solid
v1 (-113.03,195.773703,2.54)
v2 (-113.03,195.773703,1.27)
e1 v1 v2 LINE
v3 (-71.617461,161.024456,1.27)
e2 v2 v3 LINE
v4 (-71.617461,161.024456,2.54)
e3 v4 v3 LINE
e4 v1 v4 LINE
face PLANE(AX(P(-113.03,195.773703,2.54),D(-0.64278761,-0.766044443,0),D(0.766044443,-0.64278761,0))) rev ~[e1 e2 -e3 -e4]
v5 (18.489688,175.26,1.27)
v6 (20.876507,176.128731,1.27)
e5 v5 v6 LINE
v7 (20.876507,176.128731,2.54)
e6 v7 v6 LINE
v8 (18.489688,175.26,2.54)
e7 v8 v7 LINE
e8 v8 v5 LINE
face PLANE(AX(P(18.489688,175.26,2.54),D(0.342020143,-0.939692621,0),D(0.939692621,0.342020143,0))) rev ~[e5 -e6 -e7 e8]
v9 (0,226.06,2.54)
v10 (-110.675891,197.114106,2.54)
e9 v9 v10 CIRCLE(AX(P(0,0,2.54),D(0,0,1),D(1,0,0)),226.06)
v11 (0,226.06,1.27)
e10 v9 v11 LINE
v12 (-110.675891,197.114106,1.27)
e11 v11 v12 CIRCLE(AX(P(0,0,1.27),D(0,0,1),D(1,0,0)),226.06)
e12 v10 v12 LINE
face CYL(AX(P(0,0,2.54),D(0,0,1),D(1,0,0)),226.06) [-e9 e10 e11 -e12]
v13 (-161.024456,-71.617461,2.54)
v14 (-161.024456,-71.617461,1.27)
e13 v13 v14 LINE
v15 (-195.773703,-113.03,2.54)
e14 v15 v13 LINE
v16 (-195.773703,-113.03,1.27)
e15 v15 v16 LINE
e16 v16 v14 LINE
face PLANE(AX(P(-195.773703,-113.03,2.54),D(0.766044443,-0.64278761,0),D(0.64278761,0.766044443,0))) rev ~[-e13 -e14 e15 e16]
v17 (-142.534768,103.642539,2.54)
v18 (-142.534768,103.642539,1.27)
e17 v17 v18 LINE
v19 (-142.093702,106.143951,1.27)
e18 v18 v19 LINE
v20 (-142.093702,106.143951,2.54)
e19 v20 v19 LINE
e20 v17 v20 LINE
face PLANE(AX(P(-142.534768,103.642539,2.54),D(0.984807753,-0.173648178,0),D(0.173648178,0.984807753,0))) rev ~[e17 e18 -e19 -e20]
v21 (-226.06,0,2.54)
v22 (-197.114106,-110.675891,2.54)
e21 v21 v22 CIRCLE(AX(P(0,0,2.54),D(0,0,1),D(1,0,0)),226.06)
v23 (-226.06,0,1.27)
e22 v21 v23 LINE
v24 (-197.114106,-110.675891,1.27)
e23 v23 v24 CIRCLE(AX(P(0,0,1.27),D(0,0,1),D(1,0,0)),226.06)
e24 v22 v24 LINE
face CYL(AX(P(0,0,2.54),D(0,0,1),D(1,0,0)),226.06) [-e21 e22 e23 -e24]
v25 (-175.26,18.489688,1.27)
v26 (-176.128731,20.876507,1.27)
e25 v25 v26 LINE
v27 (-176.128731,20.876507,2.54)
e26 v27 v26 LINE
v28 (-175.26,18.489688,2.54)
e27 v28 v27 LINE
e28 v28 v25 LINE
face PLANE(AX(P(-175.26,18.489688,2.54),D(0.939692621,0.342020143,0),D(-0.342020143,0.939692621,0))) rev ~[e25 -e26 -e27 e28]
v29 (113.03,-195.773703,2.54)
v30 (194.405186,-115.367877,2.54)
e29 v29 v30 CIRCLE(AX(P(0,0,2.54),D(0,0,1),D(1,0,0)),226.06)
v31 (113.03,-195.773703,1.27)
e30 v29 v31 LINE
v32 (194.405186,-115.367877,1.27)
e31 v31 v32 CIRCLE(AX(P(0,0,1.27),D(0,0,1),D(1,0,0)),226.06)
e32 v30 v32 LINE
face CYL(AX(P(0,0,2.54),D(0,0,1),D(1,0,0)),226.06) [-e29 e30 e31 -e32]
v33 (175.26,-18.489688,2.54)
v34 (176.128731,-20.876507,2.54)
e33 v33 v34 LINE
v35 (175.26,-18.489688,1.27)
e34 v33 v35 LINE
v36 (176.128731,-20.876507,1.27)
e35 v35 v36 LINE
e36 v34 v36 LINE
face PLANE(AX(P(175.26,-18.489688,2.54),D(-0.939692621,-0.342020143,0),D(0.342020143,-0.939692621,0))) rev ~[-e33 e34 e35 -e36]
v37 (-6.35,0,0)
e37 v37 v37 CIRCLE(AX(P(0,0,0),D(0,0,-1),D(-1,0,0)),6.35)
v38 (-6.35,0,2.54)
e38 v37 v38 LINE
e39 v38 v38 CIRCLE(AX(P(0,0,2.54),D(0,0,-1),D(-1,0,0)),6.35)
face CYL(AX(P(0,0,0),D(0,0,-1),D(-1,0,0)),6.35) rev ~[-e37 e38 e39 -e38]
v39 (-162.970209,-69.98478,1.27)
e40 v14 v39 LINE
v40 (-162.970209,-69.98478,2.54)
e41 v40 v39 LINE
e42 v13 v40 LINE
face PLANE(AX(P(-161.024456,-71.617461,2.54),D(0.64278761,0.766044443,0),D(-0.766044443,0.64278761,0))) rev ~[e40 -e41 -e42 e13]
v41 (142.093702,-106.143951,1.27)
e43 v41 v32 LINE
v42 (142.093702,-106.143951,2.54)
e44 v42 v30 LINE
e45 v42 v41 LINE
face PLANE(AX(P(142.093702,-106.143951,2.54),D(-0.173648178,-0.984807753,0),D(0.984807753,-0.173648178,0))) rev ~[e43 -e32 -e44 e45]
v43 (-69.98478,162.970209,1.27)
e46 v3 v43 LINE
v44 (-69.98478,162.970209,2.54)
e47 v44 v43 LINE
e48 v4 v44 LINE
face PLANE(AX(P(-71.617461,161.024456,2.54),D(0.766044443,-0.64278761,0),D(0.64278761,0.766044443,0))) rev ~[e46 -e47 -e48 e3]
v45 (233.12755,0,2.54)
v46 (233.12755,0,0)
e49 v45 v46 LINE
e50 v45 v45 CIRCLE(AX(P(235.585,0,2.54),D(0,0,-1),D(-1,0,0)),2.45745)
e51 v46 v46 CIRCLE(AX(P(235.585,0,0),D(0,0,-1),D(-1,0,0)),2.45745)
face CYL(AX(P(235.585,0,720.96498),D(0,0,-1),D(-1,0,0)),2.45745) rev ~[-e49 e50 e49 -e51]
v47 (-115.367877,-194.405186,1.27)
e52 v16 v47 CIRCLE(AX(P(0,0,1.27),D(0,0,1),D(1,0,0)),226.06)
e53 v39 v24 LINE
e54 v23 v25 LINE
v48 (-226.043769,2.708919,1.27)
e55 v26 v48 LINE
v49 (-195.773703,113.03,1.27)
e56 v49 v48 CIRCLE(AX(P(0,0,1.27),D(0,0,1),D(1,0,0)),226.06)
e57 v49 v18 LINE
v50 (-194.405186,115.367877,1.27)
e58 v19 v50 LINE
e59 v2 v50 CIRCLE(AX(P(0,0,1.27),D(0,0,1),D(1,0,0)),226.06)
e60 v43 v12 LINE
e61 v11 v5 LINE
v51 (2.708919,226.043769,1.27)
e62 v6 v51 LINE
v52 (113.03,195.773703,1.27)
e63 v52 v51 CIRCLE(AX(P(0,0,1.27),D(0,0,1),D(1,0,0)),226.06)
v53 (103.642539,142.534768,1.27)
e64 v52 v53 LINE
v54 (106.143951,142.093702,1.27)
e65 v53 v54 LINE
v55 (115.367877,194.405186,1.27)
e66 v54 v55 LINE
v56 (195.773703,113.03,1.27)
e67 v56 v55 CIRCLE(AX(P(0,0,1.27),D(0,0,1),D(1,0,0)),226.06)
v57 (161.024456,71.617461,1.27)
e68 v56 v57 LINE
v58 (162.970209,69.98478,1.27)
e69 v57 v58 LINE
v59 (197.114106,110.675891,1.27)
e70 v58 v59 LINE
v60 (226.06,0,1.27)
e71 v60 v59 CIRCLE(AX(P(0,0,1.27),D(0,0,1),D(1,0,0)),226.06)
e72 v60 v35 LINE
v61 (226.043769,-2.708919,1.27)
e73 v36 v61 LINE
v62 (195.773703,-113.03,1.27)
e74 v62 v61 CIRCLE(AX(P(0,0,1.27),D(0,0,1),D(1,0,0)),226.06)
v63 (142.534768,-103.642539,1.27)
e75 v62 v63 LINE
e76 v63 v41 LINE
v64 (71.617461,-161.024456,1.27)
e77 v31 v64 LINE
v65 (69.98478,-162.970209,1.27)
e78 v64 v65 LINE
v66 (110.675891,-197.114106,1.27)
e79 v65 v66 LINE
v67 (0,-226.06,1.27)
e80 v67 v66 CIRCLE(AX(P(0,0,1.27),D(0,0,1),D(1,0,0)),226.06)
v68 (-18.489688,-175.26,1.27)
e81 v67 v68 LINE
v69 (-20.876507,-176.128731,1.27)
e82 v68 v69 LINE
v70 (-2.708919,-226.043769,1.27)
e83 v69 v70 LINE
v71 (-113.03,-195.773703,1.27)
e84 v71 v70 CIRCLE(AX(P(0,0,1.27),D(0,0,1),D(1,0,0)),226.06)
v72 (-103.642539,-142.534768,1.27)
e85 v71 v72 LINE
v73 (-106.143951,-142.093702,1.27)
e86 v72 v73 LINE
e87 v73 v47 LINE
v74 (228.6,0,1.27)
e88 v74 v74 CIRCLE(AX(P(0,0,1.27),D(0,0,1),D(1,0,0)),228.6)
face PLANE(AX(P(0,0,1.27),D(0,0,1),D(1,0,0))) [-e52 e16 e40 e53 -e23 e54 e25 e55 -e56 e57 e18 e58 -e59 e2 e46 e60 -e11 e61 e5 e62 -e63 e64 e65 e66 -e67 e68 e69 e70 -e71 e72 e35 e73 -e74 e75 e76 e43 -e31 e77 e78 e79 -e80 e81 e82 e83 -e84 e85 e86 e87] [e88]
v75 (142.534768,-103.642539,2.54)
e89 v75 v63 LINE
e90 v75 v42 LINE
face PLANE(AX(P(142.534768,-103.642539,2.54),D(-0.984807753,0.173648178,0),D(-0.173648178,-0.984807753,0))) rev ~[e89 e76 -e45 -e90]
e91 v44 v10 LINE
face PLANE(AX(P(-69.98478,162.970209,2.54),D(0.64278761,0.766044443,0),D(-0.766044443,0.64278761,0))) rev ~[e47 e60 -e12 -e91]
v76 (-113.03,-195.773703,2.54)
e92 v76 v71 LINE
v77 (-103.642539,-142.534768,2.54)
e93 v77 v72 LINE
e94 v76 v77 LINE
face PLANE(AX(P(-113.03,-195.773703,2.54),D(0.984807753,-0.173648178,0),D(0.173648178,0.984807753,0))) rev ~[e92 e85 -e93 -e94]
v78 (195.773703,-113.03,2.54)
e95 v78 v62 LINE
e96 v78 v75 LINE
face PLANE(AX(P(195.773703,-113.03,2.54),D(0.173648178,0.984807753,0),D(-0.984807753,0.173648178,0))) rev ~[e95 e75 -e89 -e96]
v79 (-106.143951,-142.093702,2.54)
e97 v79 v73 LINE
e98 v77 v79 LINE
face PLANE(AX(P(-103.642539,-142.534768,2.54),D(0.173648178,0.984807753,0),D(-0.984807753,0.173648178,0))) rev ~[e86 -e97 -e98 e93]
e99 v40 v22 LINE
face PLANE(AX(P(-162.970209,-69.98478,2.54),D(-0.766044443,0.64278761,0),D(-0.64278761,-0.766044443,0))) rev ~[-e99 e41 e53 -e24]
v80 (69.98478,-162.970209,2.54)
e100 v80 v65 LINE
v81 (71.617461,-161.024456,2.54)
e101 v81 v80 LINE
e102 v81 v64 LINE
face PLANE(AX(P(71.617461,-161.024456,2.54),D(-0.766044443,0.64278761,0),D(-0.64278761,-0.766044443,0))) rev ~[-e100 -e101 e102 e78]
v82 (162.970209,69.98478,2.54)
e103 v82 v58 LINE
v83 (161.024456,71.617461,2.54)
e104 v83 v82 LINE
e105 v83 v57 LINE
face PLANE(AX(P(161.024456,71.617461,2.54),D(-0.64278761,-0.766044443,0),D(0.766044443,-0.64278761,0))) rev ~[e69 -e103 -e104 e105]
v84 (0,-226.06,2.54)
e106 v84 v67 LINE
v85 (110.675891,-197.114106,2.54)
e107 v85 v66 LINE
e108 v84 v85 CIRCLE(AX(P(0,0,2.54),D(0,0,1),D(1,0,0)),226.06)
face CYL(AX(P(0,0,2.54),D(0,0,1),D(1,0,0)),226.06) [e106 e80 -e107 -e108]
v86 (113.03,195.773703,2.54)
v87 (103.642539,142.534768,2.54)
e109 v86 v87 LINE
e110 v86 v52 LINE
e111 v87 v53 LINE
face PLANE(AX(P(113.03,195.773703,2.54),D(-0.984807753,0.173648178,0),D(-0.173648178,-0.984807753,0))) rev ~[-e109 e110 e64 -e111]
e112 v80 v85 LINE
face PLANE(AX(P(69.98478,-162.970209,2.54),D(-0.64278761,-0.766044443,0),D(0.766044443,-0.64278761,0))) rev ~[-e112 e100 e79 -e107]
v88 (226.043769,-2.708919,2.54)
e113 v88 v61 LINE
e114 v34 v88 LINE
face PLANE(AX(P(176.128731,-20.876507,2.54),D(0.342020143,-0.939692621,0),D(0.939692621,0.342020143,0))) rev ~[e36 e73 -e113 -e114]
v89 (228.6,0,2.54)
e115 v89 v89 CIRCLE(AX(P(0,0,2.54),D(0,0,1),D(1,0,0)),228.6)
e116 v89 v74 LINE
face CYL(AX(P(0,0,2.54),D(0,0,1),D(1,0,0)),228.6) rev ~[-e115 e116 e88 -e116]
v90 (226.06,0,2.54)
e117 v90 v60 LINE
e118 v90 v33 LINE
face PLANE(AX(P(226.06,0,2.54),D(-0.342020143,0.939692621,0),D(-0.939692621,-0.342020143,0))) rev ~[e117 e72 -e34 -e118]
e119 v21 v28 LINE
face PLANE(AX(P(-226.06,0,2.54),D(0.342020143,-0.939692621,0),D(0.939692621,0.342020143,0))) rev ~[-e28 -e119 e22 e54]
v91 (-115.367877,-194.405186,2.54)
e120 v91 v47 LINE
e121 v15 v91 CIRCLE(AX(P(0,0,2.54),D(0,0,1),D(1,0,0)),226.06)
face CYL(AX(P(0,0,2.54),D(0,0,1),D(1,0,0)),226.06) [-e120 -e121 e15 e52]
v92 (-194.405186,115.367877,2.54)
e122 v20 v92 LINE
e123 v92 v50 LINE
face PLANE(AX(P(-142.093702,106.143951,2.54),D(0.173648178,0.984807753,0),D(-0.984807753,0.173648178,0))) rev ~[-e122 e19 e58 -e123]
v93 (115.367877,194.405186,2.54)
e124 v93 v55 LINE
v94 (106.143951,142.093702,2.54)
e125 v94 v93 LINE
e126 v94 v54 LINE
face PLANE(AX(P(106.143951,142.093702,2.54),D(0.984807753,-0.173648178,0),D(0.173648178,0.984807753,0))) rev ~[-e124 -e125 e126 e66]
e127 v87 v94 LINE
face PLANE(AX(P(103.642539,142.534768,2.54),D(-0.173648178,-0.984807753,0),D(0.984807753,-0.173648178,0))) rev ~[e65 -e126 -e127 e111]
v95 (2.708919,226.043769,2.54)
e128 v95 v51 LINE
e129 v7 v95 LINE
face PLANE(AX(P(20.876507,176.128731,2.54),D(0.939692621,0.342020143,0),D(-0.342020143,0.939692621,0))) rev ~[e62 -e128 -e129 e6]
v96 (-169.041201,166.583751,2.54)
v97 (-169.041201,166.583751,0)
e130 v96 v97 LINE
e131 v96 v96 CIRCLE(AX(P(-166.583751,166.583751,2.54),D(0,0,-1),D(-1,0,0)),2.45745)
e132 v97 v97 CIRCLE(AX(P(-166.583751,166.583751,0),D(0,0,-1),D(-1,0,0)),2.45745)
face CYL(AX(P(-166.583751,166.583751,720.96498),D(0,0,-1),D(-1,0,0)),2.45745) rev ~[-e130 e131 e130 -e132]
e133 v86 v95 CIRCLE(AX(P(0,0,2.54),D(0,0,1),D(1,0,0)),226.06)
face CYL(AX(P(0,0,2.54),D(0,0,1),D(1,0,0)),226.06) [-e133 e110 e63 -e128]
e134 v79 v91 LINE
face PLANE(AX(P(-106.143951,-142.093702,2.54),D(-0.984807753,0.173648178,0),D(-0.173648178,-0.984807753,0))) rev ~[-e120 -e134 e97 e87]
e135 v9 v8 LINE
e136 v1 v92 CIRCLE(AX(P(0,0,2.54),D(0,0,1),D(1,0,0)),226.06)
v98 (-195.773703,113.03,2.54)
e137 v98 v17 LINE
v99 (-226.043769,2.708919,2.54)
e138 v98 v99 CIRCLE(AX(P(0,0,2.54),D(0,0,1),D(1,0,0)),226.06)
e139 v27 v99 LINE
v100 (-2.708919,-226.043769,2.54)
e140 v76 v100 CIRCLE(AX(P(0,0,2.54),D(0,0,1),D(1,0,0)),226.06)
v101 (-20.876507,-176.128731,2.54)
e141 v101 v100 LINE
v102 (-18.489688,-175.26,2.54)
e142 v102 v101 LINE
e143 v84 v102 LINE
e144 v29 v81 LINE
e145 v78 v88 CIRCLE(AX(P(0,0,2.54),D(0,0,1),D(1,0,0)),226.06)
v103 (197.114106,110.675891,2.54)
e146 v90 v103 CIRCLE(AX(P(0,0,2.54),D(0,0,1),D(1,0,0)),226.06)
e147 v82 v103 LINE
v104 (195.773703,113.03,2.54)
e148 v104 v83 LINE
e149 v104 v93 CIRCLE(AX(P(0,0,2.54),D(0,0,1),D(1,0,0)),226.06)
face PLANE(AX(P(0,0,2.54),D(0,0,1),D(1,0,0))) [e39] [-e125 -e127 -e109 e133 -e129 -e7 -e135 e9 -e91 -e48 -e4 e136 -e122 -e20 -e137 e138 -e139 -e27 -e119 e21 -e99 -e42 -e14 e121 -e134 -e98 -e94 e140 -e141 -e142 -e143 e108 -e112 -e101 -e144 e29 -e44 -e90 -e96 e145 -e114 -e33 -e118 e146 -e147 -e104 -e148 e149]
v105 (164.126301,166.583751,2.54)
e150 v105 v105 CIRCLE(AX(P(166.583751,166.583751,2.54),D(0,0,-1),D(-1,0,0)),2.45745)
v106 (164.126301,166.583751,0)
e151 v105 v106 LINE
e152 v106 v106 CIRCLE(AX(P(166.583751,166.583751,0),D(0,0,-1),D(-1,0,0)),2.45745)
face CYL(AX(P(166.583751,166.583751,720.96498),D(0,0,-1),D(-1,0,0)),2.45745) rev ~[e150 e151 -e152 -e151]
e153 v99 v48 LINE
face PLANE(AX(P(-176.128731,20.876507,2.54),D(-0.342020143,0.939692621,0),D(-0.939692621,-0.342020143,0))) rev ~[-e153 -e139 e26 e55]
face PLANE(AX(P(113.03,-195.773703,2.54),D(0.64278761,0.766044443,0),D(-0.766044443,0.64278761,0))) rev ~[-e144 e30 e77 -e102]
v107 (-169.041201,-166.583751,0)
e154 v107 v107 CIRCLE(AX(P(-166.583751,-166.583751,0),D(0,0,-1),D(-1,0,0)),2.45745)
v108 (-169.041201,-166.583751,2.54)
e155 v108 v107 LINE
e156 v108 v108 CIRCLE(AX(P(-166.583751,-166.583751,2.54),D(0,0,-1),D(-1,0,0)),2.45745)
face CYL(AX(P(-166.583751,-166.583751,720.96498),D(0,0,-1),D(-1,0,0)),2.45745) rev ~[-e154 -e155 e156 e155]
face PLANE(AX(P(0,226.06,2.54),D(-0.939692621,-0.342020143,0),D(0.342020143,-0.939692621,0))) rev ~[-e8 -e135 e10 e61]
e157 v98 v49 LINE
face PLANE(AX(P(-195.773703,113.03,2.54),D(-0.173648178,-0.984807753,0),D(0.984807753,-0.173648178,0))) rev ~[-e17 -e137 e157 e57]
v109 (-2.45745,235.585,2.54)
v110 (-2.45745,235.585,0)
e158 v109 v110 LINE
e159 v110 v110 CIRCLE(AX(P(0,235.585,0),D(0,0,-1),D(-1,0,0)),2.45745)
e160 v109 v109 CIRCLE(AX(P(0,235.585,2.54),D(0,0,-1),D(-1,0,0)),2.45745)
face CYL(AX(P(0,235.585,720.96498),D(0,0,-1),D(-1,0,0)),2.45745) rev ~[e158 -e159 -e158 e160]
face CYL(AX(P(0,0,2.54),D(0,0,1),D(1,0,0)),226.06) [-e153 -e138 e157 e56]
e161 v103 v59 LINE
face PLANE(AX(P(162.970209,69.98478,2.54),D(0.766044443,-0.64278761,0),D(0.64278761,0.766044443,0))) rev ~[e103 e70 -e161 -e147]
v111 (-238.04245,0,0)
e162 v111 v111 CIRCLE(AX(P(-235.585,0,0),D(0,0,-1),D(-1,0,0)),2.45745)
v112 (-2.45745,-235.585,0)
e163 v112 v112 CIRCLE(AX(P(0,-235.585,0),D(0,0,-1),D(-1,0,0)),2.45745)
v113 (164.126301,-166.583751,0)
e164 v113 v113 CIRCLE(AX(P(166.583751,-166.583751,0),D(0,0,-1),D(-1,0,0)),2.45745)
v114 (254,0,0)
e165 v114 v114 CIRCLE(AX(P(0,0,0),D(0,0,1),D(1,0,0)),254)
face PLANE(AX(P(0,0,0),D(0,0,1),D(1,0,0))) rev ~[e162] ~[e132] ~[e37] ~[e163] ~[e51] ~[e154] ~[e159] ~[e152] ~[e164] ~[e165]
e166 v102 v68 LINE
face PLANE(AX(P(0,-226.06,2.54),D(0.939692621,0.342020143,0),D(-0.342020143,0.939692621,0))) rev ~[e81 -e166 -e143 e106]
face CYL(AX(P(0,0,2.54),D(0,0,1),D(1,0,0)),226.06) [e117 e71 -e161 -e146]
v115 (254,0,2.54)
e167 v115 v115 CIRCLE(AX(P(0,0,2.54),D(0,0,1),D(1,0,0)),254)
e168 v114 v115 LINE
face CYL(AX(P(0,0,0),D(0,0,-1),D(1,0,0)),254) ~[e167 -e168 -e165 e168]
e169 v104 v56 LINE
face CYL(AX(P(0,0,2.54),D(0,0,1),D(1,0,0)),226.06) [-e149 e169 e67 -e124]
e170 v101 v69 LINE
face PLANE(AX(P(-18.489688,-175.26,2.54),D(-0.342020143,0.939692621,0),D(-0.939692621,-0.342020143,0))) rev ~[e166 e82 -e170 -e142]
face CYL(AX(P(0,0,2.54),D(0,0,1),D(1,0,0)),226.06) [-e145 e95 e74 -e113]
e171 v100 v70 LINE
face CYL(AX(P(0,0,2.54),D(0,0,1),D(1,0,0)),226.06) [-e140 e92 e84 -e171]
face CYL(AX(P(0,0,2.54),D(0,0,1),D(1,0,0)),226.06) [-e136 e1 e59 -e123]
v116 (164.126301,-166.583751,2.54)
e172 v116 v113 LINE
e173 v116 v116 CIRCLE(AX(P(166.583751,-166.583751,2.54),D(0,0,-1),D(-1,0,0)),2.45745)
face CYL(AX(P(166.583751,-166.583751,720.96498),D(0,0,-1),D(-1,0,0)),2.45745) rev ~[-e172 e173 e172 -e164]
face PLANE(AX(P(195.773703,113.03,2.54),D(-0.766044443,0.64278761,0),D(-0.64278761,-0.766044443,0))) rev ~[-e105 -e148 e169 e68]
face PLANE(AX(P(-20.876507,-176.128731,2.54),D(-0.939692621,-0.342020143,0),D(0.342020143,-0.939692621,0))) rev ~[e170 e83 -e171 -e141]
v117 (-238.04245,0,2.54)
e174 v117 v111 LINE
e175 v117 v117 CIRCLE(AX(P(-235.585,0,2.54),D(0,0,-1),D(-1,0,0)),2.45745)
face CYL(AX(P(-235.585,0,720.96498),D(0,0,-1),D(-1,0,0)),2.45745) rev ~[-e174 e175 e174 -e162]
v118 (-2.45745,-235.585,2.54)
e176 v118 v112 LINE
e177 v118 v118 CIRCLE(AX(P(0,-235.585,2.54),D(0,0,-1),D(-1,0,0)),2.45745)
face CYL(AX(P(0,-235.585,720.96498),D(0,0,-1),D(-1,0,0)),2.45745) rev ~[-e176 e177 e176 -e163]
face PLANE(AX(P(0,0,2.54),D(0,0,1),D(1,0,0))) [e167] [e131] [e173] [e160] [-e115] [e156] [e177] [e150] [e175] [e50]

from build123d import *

# Parameters (mm, degrees)
SKETCH1_R                    = 254
BOSS_EXTRUDE1_DEPTH          = 2.54
SKETCH2_R                    = 228.6
SKETCH2_R_2                  = 226.06
CUT_EXTRUDE1_DEPTH           = 1.27
CUT_EXTRUDE2_DEPTH           = 1.27
SKETCH8_R                    = 6.35
CUT_EXTRUDE3_DEPTH           = 360.219224987
F_10_0_1935_DIAMETER_HOLE1_D = 4.9149


with BuildPart() as part:
    # Sketch1 → Boss-Extrude1 (new body)
    with BuildSketch(Plane.XY):
        Circle(SKETCH1_R)
    extrude(amount=BOSS_EXTRUDE1_DEPTH)

    # Sketch2 → Cut-Extrude1 (cut)
    with BuildSketch(Plane.XY.offset(2.54)):
        Circle(SKETCH2_R)
        Circle(SKETCH2_R_2, mode=Mode.SUBTRACT)
    extrude(amount=-CUT_EXTRUDE1_DEPTH, mode=Mode.SUBTRACT)

    # Sketch4 → Cut-Extrude2 (cut)
    with BuildSketch(Plane.XY.offset(2.54)):
        with BuildLine():
            Line((-226.06, 0), (-175.26, 18.489687901))
            Line((-175.26, 18.489687901), (-176.128731164, 20.876507158))
            Line((-176.128731164, 20.876507158), (-226.043768674, 2.708919262))
            ThreePointArc((-226.043768674, 2.708919262), (-226.055942132, 1.354483944), (-226.06, 0))
        make_face()
        with BuildLine():
            Line((-195.77370278, 113.03), (-142.534768317, 103.64253943))
            Line((-142.534768317, 103.64253943), (-142.093701946, 106.143951123))
            Line((-142.093701946, 106.143951123), (-194.405186408, 115.367877234))
            ThreePointArc((-194.405186408, 115.367877234), (-195.092946591, 114.200988571), (-195.77370278, 113.03))
        make_face()
        with BuildLine():
            Line((-113.03, 195.77370278), (-71.61746057, 161.024456218))
            Line((-71.61746057, 161.024456218), (-69.984780041, 162.970209103))
            Line((-69.984780041, 162.970209103), (-110.67589144, 197.11410567))
            ThreePointArc((-110.67589144, 197.11410567), (-111.854953561, 196.447430535), (-113.03, 195.77370278))
        make_face()
        with BuildLine():
            Line((0, 226.06), (18.489687901, 175.26))
            Line((18.489687901, 175.26), (20.876507158, 176.128731164))
            Line((20.876507158, 176.128731164), (2.708919262, 226.043768674))
            ThreePointArc((2.708919262, 226.043768674), (1.354483944, 226.055942132), (0, 226.06))
        make_face()
        with BuildLine():
            Line((113.03, 195.77370278), (103.64253943, 142.534768317))
            Line((103.64253943, 142.534768317), (106.143951123, 142.093701946))
            Line((106.143951123, 142.093701946), (115.367877234, 194.405186408))
            ThreePointArc((115.367877234, 194.405186408), (114.200988571, 195.092946591), (113.03, 195.77370278))
        make_face()
        with BuildLine():
            Line((195.77370278, 113.03), (161.024456218, 71.61746057))
            Line((161.024456218, 71.61746057), (162.970209103, 69.984780041))
            Line((162.970209103, 69.984780041), (197.11410567, 110.67589144))
            ThreePointArc((197.11410567, 110.67589144), (196.447430535, 111.854953561), (195.77370278, 113.03))
        make_face()
        with BuildLine():
            Line((226.06, 0), (175.26, -18.489687901))
            Line((175.26, -18.489687901), (176.128731164, -20.876507158))
            Line((176.128731164, -20.876507158), (226.043768674, -2.708919262))
            ThreePointArc((226.043768674, -2.708919262), (226.055942132, -1.354483944), (226.06, 0))
        make_face()
        with BuildLine():
            Line((195.77370278, -113.03), (142.534768317, -103.64253943))
            Line((142.534768317, -103.64253943), (142.093701946, -106.143951123))
            Line((142.093701946, -106.143951123), (194.405186408, -115.367877234))
            ThreePointArc((194.405186408, -115.367877234), (195.092946591, -114.200988571), (195.77370278, -113.03))
        make_face()
        with BuildLine():
            Line((113.03, -195.77370278), (71.61746057, -161.024456218))
            Line((71.61746057, -161.024456218), (69.984780041, -162.970209103))
            Line((69.984780041, -162.970209103), (110.67589144, -197.11410567))
            ThreePointArc((110.67589144, -197.11410567), (111.854953561, -196.447430535), (113.03, -195.77370278))
        make_face()
        with BuildLine():
            Line((0, -226.06), (-18.489687901, -175.26))
            Line((-18.489687901, -175.26), (-20.876507158, -176.128731164))
            Line((-20.876507158, -176.128731164), (-2.708919262, -226.043768674))
            ThreePointArc((-2.708919262, -226.043768674), (-1.354483944, -226.055942132), (0, -226.06))
        make_face()
        with BuildLine():
            Line((-113.03, -195.77370278), (-103.64253943, -142.534768317))
            Line((-103.64253943, -142.534768317), (-106.143951123, -142.093701946))
            Line((-106.143951123, -142.093701946), (-115.367877234, -194.405186408))
            ThreePointArc((-115.367877234, -194.405186408), (-114.200988571, -195.092946591), (-113.03, -195.77370278))
        make_face()
        with BuildLine():
            Line((-195.77370278, -113.03), (-161.024456218, -71.61746057))
            Line((-161.024456218, -71.61746057), (-162.970209103, -69.984780041))
            Line((-162.970209103, -69.984780041), (-197.11410567, -110.67589144))
            ThreePointArc((-197.11410567, -110.67589144), (-196.447430535, -111.854953561), (-195.77370278, -113.03))
        make_face()
    extrude(amount=-CUT_EXTRUDE2_DEPTH, mode=Mode.SUBTRACT)

    # Sketch8 → Cut-Extrude3 (cut, through all)
    with BuildSketch(Plane(origin=(0, 0, 0), x_dir=(-1, 0, 0), z_dir=(0, 0, -1))):
        Circle(SKETCH8_R)
    extrude(amount=-CUT_EXTRUDE3_DEPTH, mode=Mode.SUBTRACT)

    # #10 (0.1935) Diameter Hole1 (through all)
    with Locations(Plane.XY.offset(2.54)):
        with Locations((-235.585, 0), (-166.583751046, 166.583751046), (0, 235.585), (166.583751046, 166.583751046), (235.585, 0), (166.583751046, -166.583751046), (0, -235.585), (-166.583751046, -166.583751046)):
            Hole(F_10_0_1935_DIAMETER_HOLE1_D / 2)


solid = part.part
